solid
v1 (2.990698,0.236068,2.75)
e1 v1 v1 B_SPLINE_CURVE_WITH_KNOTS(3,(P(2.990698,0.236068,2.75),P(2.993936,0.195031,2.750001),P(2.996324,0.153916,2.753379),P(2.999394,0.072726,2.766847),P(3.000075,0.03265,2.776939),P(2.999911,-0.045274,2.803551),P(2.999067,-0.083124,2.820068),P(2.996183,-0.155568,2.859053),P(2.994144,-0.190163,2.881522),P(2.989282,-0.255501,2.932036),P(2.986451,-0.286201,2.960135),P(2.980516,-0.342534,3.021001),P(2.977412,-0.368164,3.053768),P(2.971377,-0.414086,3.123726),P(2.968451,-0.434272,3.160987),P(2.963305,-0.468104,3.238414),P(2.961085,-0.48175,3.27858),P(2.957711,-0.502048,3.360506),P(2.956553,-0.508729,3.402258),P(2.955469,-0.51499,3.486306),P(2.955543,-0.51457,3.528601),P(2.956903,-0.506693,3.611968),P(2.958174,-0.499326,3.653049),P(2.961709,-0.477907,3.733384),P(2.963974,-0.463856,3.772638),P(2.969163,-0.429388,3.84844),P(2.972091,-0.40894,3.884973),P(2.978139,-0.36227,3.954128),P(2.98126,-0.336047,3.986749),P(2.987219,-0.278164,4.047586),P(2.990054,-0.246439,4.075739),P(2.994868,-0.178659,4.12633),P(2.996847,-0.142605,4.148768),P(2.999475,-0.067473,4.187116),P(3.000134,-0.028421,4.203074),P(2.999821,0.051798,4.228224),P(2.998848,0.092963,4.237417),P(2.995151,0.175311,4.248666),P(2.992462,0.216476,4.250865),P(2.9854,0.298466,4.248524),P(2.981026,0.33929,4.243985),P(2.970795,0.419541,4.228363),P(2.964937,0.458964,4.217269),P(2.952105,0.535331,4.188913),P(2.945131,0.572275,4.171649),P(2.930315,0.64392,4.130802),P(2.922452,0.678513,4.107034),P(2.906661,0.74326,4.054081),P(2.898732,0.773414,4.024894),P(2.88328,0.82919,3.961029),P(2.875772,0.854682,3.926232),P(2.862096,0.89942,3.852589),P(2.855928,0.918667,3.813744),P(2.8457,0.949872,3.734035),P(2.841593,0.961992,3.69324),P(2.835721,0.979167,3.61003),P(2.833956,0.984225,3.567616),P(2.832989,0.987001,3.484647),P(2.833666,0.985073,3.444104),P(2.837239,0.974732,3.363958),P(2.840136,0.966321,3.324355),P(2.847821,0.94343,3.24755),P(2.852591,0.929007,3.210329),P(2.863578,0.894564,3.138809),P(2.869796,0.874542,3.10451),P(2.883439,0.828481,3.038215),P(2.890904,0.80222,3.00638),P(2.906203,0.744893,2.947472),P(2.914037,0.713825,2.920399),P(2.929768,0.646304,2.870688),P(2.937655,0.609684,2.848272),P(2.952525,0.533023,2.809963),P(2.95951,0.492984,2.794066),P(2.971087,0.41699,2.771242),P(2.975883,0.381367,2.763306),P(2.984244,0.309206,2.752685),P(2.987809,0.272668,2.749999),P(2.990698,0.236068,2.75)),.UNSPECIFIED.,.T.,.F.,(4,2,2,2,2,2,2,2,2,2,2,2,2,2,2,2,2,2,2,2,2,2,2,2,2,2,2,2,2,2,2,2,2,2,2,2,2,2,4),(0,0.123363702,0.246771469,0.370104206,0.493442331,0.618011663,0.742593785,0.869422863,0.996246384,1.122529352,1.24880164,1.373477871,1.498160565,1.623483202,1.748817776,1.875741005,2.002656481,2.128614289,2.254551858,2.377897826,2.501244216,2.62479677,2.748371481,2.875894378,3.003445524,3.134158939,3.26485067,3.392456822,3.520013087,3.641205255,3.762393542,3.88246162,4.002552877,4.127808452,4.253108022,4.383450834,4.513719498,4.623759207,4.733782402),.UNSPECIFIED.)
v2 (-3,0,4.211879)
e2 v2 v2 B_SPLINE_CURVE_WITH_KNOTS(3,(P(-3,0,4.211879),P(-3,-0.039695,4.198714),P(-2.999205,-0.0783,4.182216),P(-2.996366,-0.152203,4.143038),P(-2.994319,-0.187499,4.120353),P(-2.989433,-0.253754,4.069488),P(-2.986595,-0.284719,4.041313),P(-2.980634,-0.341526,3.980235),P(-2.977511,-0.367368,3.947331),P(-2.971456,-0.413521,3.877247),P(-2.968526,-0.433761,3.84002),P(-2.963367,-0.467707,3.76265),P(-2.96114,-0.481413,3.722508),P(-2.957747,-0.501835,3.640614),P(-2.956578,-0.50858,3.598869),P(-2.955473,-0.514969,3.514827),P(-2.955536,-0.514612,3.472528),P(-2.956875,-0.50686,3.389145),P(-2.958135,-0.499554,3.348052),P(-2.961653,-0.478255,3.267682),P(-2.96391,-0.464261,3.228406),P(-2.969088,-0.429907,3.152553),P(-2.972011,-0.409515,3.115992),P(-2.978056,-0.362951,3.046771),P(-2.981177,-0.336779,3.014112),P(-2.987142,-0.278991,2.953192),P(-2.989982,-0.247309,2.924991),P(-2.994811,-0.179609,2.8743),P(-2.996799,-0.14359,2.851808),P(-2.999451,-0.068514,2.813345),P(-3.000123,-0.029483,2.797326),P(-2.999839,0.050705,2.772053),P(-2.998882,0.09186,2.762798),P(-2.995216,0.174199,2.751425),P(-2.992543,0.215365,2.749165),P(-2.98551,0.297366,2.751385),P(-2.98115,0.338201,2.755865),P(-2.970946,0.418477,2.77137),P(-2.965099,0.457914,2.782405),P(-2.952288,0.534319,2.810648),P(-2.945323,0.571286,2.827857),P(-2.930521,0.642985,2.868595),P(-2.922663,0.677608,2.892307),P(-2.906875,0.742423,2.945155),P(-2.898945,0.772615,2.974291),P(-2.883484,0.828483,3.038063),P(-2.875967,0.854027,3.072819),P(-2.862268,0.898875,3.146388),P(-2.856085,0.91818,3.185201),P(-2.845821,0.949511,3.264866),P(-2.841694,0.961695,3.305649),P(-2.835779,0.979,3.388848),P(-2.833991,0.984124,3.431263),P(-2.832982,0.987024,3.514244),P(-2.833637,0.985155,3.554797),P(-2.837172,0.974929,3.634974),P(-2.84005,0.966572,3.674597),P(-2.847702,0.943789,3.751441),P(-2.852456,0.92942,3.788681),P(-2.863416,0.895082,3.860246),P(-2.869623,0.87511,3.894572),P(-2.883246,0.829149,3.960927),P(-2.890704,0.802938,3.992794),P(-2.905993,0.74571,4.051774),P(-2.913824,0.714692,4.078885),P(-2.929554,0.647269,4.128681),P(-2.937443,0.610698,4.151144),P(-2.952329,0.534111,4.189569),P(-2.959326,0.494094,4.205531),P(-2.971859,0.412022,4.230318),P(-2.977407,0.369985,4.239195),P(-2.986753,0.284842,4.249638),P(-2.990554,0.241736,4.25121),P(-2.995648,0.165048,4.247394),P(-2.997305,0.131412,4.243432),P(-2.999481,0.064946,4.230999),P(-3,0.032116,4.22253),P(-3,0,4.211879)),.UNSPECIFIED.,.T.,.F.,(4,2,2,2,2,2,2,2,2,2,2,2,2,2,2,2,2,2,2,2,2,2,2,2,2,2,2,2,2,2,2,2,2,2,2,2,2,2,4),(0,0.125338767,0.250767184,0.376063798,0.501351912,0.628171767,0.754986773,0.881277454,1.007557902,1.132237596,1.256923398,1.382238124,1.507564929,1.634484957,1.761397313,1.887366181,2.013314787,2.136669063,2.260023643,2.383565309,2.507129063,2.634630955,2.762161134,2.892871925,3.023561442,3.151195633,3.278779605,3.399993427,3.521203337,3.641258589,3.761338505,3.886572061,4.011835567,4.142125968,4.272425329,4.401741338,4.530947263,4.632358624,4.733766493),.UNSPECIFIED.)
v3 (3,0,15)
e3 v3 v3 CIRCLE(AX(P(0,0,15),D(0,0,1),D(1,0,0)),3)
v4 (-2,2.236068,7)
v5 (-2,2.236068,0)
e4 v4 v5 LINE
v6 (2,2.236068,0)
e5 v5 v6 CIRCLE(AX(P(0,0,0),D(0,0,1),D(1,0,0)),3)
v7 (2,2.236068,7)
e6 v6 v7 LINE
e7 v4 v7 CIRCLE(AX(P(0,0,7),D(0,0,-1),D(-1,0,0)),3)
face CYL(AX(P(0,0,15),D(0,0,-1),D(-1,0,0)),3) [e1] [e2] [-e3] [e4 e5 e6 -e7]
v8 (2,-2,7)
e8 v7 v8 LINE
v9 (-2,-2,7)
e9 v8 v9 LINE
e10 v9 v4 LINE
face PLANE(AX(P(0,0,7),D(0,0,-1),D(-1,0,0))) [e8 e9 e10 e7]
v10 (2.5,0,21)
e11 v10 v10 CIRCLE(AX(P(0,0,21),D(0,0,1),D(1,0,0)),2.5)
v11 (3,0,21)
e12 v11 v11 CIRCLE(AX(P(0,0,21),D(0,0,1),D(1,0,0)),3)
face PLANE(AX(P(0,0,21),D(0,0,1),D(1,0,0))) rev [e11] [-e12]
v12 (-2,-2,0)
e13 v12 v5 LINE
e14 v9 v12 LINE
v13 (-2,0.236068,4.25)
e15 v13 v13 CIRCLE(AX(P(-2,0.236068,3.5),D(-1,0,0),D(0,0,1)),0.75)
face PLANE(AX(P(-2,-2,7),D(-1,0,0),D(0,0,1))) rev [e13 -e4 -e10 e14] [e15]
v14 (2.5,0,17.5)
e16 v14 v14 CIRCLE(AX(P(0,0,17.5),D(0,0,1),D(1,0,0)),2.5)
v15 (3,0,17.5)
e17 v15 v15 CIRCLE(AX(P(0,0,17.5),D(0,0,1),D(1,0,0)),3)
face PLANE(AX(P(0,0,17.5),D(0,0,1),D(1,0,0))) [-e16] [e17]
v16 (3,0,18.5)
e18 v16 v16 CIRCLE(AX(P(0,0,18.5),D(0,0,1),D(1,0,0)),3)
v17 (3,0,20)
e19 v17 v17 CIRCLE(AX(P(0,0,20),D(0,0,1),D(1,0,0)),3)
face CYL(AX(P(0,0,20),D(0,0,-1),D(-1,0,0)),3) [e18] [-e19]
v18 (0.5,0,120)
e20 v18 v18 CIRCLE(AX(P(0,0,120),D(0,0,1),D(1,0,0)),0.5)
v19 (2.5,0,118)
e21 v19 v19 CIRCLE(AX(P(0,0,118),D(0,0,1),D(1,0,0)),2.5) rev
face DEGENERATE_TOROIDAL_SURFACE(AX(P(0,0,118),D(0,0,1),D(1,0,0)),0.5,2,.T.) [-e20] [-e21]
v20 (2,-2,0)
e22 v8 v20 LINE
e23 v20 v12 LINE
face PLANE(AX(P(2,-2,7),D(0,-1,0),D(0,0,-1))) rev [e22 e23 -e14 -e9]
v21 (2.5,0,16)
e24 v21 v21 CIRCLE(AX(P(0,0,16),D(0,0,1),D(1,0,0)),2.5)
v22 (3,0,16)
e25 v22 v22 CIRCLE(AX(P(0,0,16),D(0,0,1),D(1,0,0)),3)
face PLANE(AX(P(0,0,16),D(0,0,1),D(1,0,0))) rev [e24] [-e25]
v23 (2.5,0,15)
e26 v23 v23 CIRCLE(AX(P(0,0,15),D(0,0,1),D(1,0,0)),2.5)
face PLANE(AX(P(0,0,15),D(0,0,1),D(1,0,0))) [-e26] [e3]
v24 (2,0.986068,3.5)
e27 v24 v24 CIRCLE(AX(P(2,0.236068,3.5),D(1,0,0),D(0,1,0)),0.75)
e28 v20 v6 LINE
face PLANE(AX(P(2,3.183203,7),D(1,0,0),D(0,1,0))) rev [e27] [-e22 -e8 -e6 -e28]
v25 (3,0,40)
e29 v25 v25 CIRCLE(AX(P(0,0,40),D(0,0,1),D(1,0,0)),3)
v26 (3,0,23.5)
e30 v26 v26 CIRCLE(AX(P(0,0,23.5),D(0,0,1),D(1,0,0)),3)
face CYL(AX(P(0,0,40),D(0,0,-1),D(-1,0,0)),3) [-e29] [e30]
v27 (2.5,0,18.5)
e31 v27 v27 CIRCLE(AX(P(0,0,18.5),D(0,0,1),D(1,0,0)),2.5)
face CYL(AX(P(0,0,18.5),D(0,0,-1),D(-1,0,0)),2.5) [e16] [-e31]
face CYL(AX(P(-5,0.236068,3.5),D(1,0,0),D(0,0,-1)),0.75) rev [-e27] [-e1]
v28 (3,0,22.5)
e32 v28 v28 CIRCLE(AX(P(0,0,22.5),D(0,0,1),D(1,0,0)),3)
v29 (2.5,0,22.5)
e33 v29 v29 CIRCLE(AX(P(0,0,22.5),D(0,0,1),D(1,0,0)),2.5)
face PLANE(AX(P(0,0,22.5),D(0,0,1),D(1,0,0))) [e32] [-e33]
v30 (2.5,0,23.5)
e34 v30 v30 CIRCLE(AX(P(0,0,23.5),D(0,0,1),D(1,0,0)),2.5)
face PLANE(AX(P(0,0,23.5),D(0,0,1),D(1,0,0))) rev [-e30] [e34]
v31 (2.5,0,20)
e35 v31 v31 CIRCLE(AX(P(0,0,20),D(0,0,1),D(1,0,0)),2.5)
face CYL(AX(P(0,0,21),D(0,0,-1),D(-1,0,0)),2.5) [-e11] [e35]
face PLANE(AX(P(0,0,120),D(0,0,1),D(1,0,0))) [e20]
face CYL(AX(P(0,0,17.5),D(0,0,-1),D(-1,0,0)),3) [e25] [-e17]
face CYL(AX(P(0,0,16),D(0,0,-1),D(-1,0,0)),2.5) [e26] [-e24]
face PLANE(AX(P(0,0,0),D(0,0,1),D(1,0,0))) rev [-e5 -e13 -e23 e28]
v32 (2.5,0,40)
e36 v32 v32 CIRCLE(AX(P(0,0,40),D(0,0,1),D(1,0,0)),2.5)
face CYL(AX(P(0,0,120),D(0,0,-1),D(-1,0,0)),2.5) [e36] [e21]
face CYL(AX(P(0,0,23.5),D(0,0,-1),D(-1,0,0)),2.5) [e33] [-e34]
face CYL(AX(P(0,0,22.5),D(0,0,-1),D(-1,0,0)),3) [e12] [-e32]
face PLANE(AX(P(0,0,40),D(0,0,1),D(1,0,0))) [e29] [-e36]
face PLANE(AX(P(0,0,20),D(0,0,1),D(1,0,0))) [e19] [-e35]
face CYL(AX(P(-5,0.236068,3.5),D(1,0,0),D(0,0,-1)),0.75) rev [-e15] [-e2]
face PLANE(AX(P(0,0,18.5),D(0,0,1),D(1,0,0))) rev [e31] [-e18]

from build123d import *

# Parameters (mm, degrees)
SKETCH2_R               = 3
BOSS_EXTRUDE1_DEPTH     = 15
SKETCH3_W               = 4
SKETCH3_H               = 5.183202584
CUT_EXTRUDE1_DEPTH      = 7
CUT_EXTRUDE4_DEPTH      = 6
CUT_EXTRUDE4_DEPTH_BACK = 3
SKETCH4_R               = 0.75
SKETCH12_R              = 2.5
BOSS_EXTRUDE2_DEPTH     = 1
SKETCH13_R              = 3
BOSS_EXTRUDE3_DEPTH     = 1.5
SKETCH14_R              = 2.5
BOSS_EXTRUDE4_DEPTH     = 1
SKETCH15_R              = 3
BOSS_EXTRUDE5_DEPTH     = 1.5
SKETCH16_R              = 2.5
BOSS_EXTRUDE6_DEPTH     = 1
SKETCH17_R              = 3
BOSS_EXTRUDE7_DEPTH     = 1.5
SKETCH18_R              = 2.5
BOSS_EXTRUDE8_DEPTH     = 1
SKETCH19_R              = 3
BOSS_EXTRUDE9_DEPTH     = 16.5
SKETCH28_R              = 2.5
BOSS_EXTRUDE11_DEPTH    = 80
FILLET6_R               = 2


with BuildPart() as part:
    # Sketch2 → Boss-Extrude1 (new body)
    with BuildSketch(Plane.XY):
        Circle(SKETCH2_R)
    extrude(amount=BOSS_EXTRUDE1_DEPTH)

    # Sketch3 → Cut-Extrude1 (cut)
    with BuildSketch(Plane(origin=(0, 0, 0), x_dir=(-1, 0, 0), z_dir=(0, 0, -1))):
        with Locations((0, 0.591601292)):
            Rectangle(SKETCH3_W, SKETCH3_H)
    extrude(amount=-CUT_EXTRUDE1_DEPTH, mode=Mode.SUBTRACT)

    # Sketch4 → Cut-Extrude4 (cut, two sides: drawn at the far end of the back side and taken through both)
    with BuildSketch(Plane(origin=(-2, 0, 0), x_dir=(0, 0, -1), z_dir=(1, 0, 0)).offset(-CUT_EXTRUDE4_DEPTH_BACK)):
        with Locations((-3.5, 0.236067977)):
            Circle(SKETCH4_R)
    extrude(amount=CUT_EXTRUDE4_DEPTH + CUT_EXTRUDE4_DEPTH_BACK, mode=Mode.SUBTRACT)

    # Sketch12 → Boss-Extrude2 (add)
    with BuildSketch(Plane.XY.offset(15)):
        Circle(SKETCH12_R)
    extrude(amount=BOSS_EXTRUDE2_DEPTH)

    # Sketch13 → Boss-Extrude3 (add)
    with BuildSketch(Plane.XY.offset(16)):
        with Locations(Location((0, 0, 0), (0, 0, 131.810314896))):
            Circle(SKETCH13_R)
    extrude(amount=BOSS_EXTRUDE3_DEPTH)

    # Sketch14 → Boss-Extrude4 (add)
    with BuildSketch(Plane.XY.offset(17.5)):
        Circle(SKETCH14_R)
    extrude(amount=BOSS_EXTRUDE4_DEPTH)

    # Sketch15 → Boss-Extrude5 (add)
    with BuildSketch(Plane.XY.offset(18.5)):
        with Locations(Location((0, 0, 0), (0, 0, 131.810314896))):
            Circle(SKETCH15_R)
    extrude(amount=BOSS_EXTRUDE5_DEPTH)

    # Sketch16 → Boss-Extrude6 (add)
    with BuildSketch(Plane.XY.offset(20)):
        Circle(SKETCH16_R)
    extrude(amount=BOSS_EXTRUDE6_DEPTH)

    # Sketch17 → Boss-Extrude7 (add)
    with BuildSketch(Plane.XY.offset(21)):
        with Locations(Location((0, 0, 0), (0, 0, 131.810314896))):
            Circle(SKETCH17_R)
    extrude(amount=BOSS_EXTRUDE7_DEPTH)

    # Sketch18 → Boss-Extrude8 (add)
    with BuildSketch(Plane.XY.offset(22.5)):
        Circle(SKETCH18_R)
    extrude(amount=BOSS_EXTRUDE8_DEPTH)

    # Sketch19 → Boss-Extrude9 (add)
    with BuildSketch(Plane.XY.offset(23.5)):
        with Locations(Location((0, 0, 0), (0, 0, 131.810314896))):
            Circle(SKETCH19_R)
    extrude(amount=BOSS_EXTRUDE9_DEPTH)

    # Sketch28 → Boss-Extrude11 (add)
    with BuildSketch(Plane.XY.offset(40)):
        Circle(SKETCH28_R)
    extrude(amount=BOSS_EXTRUDE11_DEPTH)

    # Fillet6
    fillet6_edges = [part.edges().sort_by_distance(p)[0] for p in [
        (-2.5, 0, 120),
    ]]
    fillet(fillet6_edges, radius=FILLET6_R)


solid = part.part
